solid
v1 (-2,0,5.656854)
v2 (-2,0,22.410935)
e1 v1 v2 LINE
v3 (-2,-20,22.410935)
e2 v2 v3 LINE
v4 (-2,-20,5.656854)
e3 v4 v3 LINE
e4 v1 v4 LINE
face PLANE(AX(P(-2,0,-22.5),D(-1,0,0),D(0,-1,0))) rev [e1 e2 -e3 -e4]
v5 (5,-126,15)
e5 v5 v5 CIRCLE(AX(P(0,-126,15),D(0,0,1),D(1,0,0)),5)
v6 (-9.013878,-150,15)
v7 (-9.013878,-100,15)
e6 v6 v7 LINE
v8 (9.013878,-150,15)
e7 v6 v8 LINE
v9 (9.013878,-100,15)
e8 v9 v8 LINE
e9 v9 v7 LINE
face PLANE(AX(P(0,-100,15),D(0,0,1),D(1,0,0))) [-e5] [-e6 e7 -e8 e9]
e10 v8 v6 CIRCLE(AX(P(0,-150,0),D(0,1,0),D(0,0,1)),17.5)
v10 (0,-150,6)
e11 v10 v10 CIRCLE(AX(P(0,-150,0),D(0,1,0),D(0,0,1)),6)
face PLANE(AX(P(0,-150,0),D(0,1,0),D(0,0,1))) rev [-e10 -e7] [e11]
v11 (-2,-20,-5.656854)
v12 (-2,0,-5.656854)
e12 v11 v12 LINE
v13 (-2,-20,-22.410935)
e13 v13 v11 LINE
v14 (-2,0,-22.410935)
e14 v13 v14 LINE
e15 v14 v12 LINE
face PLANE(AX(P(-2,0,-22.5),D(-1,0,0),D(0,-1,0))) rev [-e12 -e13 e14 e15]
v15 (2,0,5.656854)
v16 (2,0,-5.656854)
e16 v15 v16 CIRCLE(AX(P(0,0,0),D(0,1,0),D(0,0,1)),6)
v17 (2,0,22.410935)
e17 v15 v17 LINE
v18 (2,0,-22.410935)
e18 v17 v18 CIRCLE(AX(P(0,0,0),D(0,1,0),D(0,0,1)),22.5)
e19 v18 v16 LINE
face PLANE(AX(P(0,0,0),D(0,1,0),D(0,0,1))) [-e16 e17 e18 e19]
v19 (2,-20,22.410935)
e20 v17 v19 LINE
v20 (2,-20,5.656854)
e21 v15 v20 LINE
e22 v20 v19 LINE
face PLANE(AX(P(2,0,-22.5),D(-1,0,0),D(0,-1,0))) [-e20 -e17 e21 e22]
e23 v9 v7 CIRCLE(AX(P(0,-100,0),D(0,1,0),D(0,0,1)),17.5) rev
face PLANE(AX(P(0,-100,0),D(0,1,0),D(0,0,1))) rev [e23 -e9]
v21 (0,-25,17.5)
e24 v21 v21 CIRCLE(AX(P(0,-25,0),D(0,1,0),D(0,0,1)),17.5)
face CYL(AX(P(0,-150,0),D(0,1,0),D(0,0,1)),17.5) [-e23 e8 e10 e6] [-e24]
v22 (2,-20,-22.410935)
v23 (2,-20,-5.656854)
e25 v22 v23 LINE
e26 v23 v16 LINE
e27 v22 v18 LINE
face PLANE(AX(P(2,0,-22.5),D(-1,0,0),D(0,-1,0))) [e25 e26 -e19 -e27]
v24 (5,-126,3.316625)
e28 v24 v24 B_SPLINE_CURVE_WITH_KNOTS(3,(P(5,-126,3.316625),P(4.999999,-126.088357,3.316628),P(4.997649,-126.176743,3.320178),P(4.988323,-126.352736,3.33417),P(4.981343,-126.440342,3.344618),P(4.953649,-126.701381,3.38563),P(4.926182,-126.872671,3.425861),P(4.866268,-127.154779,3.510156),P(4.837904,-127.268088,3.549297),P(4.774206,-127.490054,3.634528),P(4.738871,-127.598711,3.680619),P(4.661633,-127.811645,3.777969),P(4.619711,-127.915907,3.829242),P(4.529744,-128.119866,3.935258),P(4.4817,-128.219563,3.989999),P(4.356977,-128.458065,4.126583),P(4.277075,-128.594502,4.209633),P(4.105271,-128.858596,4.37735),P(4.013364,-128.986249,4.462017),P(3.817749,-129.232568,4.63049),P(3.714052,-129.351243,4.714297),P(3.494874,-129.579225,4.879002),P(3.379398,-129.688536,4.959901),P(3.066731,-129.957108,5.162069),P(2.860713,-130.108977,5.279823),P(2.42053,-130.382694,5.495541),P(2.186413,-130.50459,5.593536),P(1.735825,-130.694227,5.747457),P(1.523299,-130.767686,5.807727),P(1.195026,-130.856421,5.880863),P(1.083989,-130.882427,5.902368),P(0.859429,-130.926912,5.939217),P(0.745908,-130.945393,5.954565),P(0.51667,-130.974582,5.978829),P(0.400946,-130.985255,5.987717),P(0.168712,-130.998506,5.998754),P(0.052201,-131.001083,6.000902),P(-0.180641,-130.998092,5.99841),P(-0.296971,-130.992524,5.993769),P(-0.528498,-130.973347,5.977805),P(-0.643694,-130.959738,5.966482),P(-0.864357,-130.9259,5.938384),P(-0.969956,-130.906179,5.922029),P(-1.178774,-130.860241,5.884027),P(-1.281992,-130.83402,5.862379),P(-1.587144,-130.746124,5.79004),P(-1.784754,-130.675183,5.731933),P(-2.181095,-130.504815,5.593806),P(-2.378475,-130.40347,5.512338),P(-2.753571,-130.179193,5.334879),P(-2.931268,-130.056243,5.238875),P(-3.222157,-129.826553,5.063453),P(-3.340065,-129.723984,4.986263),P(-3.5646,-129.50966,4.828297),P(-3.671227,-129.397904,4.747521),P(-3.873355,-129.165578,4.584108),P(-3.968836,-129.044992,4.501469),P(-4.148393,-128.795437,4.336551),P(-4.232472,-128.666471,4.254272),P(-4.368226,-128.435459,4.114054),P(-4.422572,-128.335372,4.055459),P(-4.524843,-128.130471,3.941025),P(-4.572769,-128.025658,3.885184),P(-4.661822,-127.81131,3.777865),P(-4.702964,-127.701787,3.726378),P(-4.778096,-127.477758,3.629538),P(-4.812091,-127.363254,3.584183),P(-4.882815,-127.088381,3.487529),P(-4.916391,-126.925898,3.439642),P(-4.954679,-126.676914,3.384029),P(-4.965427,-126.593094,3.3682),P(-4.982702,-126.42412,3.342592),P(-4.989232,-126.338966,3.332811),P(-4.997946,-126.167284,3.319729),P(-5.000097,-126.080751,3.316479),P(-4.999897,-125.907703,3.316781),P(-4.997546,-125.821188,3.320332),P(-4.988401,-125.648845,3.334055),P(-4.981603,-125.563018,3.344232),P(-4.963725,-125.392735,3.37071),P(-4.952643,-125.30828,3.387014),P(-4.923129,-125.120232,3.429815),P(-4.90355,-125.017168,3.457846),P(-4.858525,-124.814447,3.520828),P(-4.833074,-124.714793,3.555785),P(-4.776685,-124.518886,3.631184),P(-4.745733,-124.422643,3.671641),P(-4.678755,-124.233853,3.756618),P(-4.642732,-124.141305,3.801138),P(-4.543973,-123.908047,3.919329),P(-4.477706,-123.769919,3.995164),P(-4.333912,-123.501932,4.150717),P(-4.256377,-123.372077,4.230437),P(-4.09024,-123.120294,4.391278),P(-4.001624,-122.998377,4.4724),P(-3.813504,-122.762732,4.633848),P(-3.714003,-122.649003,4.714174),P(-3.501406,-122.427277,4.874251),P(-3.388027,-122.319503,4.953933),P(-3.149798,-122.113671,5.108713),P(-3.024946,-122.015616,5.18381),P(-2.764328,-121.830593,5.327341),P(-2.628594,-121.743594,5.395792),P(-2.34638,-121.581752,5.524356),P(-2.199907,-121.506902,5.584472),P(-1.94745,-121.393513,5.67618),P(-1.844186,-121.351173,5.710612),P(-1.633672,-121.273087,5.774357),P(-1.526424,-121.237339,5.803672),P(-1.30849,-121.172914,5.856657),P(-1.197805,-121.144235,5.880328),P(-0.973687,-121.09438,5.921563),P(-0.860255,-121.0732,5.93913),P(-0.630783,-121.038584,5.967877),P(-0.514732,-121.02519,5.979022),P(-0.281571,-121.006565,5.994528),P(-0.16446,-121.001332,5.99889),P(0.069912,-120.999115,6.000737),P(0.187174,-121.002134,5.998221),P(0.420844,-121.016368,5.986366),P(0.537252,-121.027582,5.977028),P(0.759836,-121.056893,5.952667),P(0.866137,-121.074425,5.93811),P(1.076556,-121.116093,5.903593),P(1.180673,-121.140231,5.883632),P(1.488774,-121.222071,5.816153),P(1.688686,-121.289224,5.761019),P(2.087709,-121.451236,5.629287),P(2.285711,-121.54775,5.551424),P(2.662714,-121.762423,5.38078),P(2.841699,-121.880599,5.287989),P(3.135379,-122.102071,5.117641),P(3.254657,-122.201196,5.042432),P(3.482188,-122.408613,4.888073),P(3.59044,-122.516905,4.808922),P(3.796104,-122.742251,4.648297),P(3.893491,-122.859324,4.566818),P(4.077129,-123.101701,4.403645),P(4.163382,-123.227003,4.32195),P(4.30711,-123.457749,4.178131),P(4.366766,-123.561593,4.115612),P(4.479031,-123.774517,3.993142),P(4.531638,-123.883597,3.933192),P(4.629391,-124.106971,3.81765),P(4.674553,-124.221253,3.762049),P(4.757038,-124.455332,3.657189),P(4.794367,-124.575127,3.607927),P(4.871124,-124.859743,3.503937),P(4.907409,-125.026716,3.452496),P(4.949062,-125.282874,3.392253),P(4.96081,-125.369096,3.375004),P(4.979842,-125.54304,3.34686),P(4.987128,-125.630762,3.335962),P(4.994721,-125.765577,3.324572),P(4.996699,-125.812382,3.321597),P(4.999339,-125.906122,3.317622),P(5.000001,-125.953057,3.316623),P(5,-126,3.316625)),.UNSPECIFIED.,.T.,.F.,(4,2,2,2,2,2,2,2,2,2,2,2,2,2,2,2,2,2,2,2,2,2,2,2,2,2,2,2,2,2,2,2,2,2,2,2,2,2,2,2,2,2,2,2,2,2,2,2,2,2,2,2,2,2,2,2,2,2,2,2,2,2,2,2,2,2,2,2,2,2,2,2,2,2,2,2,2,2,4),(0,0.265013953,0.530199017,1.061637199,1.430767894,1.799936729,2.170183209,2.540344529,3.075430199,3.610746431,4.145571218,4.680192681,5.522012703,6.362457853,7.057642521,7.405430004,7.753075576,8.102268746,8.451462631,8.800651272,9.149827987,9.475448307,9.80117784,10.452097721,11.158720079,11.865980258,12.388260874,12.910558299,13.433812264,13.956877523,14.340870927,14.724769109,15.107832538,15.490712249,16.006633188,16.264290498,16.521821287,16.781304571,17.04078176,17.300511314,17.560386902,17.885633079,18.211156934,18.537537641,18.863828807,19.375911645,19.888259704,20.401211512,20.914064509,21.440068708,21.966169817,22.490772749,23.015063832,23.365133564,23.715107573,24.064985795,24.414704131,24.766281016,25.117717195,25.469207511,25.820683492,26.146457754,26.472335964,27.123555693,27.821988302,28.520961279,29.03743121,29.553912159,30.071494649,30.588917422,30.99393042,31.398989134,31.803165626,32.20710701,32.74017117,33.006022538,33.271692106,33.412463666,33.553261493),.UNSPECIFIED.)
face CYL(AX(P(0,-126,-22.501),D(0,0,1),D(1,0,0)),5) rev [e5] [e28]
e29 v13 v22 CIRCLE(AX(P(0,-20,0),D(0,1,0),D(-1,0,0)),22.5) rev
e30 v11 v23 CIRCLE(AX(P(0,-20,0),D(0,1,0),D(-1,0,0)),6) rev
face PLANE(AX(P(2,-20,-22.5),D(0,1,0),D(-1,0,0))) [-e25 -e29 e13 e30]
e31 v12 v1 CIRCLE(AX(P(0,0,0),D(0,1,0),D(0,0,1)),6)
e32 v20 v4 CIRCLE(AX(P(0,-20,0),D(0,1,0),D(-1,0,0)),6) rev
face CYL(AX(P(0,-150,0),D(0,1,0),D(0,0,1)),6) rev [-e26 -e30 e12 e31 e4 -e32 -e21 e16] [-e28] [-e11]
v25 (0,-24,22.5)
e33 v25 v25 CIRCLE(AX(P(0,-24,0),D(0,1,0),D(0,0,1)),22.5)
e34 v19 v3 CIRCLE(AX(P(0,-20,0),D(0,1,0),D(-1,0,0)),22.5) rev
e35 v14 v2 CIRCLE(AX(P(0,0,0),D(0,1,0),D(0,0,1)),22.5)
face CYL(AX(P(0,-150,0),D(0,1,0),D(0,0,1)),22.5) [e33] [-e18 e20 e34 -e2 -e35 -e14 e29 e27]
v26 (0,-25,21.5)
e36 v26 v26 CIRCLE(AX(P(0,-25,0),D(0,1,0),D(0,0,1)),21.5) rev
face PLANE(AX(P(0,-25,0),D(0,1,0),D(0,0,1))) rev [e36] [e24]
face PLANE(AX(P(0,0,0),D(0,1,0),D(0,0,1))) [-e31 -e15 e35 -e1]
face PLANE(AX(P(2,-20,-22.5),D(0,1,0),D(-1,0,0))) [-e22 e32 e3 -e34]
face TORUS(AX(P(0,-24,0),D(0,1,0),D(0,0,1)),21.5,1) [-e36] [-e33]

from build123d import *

# Parameters (mm, degrees)
STOCKDIAMETER_R        = 22.5
BASESTOCK_DEPTH        = 150
DIAMETERCUT_START      = -25
SKETCH11_OUTSIDE_W     = 79.588
SKETCH11_OUTSIDE_H     = 79.588
SKETCH11_OUTSIDE_R     = 17.5
DIAMETERCUT_DEPTH      = 126
SHAFTHOLE_R            = 6
MOTOR1SHAFTHOLE_DEPTH  = 151
SKETCH10_W             = 4
SKETCH10_H             = 20
SHAFTKEY_DEPTH         = 23.5
SHAFTKEY_DEPTH_BACK    = 23.5
ARMKEY_START           = -150
ARMKEYSKETCH_W         = 60
ARMKEYSKETCH_H         = 20
ARMKEY_DEPTH           = 50
ARM1MOUNTINGHOLE_START = 15
SKETCH13_R             = 5
ARM1MOUNTINGHOLE_DEPTH = 11.683375
FILLET1_R              = 1


with BuildPart() as part:
    # StockDiameter → BaseStock (new body)
    with BuildSketch(Plane(origin=(0, 0, 0), x_dir=(1, 0, 0), z_dir=(0, 1, 0))):
        Circle(STOCKDIAMETER_R)
    extrude(amount=-BASESTOCK_DEPTH)

    # Sketch11 outside → DiameterCut (cut, through all)
    with BuildSketch(Plane(origin=(0, 0, 0), x_dir=(1, 0, 0), z_dir=(0, 1, 0)).offset(DIAMETERCUT_START)):
        Rectangle(SKETCH11_OUTSIDE_W, SKETCH11_OUTSIDE_H)
        Circle(SKETCH11_OUTSIDE_R, mode=Mode.SUBTRACT)
    extrude(amount=-DIAMETERCUT_DEPTH, mode=Mode.SUBTRACT)

    # ShaftHole → Motor1ShaftHole (cut, through all)
    with BuildSketch(Plane(origin=(0, 0, 0), x_dir=(1, 0, 0), z_dir=(0, 1, 0))):
        Circle(SHAFTHOLE_R)
    extrude(amount=-MOTOR1SHAFTHOLE_DEPTH, mode=Mode.SUBTRACT)

    # Sketch10 → ShaftKey (cut, two sides)
    with BuildSketch(Plane.XY) as shaftkey_sk:
        with Locations((0, -10)):
            Rectangle(SKETCH10_W, SKETCH10_H)
    extrude(amount=SHAFTKEY_DEPTH, mode=Mode.SUBTRACT)
    extrude(shaftkey_sk.sketch, amount=-SHAFTKEY_DEPTH_BACK, mode=Mode.SUBTRACT)

    # ArmKeySketch → ArmKey (cut)
    with BuildSketch(Plane(origin=(0, 0, 0), x_dir=(1, 0, 0), z_dir=(0, 1, 0)).offset(ARMKEY_START)):
        with Locations((0, -25)):
            Rectangle(ARMKEYSKETCH_W, ARMKEYSKETCH_H)
    extrude(amount=ARMKEY_DEPTH, mode=Mode.SUBTRACT)

    # Sketch13 → Arm1MountingHole (cut)
    with BuildSketch(Plane.XY.offset(ARM1MOUNTINGHOLE_START)):
        with Locations((0, -126)):
            Circle(SKETCH13_R)
    extrude(amount=-ARM1MOUNTINGHOLE_DEPTH, mode=Mode.SUBTRACT)

    # Fillet1
    fillet1_edges = [part.edges().sort_by_distance(p)[0] for p in [
        (-22.5, -25, 0),
    ]]
    fillet(fillet1_edges, radius=FILLET1_R)


solid = part.part
